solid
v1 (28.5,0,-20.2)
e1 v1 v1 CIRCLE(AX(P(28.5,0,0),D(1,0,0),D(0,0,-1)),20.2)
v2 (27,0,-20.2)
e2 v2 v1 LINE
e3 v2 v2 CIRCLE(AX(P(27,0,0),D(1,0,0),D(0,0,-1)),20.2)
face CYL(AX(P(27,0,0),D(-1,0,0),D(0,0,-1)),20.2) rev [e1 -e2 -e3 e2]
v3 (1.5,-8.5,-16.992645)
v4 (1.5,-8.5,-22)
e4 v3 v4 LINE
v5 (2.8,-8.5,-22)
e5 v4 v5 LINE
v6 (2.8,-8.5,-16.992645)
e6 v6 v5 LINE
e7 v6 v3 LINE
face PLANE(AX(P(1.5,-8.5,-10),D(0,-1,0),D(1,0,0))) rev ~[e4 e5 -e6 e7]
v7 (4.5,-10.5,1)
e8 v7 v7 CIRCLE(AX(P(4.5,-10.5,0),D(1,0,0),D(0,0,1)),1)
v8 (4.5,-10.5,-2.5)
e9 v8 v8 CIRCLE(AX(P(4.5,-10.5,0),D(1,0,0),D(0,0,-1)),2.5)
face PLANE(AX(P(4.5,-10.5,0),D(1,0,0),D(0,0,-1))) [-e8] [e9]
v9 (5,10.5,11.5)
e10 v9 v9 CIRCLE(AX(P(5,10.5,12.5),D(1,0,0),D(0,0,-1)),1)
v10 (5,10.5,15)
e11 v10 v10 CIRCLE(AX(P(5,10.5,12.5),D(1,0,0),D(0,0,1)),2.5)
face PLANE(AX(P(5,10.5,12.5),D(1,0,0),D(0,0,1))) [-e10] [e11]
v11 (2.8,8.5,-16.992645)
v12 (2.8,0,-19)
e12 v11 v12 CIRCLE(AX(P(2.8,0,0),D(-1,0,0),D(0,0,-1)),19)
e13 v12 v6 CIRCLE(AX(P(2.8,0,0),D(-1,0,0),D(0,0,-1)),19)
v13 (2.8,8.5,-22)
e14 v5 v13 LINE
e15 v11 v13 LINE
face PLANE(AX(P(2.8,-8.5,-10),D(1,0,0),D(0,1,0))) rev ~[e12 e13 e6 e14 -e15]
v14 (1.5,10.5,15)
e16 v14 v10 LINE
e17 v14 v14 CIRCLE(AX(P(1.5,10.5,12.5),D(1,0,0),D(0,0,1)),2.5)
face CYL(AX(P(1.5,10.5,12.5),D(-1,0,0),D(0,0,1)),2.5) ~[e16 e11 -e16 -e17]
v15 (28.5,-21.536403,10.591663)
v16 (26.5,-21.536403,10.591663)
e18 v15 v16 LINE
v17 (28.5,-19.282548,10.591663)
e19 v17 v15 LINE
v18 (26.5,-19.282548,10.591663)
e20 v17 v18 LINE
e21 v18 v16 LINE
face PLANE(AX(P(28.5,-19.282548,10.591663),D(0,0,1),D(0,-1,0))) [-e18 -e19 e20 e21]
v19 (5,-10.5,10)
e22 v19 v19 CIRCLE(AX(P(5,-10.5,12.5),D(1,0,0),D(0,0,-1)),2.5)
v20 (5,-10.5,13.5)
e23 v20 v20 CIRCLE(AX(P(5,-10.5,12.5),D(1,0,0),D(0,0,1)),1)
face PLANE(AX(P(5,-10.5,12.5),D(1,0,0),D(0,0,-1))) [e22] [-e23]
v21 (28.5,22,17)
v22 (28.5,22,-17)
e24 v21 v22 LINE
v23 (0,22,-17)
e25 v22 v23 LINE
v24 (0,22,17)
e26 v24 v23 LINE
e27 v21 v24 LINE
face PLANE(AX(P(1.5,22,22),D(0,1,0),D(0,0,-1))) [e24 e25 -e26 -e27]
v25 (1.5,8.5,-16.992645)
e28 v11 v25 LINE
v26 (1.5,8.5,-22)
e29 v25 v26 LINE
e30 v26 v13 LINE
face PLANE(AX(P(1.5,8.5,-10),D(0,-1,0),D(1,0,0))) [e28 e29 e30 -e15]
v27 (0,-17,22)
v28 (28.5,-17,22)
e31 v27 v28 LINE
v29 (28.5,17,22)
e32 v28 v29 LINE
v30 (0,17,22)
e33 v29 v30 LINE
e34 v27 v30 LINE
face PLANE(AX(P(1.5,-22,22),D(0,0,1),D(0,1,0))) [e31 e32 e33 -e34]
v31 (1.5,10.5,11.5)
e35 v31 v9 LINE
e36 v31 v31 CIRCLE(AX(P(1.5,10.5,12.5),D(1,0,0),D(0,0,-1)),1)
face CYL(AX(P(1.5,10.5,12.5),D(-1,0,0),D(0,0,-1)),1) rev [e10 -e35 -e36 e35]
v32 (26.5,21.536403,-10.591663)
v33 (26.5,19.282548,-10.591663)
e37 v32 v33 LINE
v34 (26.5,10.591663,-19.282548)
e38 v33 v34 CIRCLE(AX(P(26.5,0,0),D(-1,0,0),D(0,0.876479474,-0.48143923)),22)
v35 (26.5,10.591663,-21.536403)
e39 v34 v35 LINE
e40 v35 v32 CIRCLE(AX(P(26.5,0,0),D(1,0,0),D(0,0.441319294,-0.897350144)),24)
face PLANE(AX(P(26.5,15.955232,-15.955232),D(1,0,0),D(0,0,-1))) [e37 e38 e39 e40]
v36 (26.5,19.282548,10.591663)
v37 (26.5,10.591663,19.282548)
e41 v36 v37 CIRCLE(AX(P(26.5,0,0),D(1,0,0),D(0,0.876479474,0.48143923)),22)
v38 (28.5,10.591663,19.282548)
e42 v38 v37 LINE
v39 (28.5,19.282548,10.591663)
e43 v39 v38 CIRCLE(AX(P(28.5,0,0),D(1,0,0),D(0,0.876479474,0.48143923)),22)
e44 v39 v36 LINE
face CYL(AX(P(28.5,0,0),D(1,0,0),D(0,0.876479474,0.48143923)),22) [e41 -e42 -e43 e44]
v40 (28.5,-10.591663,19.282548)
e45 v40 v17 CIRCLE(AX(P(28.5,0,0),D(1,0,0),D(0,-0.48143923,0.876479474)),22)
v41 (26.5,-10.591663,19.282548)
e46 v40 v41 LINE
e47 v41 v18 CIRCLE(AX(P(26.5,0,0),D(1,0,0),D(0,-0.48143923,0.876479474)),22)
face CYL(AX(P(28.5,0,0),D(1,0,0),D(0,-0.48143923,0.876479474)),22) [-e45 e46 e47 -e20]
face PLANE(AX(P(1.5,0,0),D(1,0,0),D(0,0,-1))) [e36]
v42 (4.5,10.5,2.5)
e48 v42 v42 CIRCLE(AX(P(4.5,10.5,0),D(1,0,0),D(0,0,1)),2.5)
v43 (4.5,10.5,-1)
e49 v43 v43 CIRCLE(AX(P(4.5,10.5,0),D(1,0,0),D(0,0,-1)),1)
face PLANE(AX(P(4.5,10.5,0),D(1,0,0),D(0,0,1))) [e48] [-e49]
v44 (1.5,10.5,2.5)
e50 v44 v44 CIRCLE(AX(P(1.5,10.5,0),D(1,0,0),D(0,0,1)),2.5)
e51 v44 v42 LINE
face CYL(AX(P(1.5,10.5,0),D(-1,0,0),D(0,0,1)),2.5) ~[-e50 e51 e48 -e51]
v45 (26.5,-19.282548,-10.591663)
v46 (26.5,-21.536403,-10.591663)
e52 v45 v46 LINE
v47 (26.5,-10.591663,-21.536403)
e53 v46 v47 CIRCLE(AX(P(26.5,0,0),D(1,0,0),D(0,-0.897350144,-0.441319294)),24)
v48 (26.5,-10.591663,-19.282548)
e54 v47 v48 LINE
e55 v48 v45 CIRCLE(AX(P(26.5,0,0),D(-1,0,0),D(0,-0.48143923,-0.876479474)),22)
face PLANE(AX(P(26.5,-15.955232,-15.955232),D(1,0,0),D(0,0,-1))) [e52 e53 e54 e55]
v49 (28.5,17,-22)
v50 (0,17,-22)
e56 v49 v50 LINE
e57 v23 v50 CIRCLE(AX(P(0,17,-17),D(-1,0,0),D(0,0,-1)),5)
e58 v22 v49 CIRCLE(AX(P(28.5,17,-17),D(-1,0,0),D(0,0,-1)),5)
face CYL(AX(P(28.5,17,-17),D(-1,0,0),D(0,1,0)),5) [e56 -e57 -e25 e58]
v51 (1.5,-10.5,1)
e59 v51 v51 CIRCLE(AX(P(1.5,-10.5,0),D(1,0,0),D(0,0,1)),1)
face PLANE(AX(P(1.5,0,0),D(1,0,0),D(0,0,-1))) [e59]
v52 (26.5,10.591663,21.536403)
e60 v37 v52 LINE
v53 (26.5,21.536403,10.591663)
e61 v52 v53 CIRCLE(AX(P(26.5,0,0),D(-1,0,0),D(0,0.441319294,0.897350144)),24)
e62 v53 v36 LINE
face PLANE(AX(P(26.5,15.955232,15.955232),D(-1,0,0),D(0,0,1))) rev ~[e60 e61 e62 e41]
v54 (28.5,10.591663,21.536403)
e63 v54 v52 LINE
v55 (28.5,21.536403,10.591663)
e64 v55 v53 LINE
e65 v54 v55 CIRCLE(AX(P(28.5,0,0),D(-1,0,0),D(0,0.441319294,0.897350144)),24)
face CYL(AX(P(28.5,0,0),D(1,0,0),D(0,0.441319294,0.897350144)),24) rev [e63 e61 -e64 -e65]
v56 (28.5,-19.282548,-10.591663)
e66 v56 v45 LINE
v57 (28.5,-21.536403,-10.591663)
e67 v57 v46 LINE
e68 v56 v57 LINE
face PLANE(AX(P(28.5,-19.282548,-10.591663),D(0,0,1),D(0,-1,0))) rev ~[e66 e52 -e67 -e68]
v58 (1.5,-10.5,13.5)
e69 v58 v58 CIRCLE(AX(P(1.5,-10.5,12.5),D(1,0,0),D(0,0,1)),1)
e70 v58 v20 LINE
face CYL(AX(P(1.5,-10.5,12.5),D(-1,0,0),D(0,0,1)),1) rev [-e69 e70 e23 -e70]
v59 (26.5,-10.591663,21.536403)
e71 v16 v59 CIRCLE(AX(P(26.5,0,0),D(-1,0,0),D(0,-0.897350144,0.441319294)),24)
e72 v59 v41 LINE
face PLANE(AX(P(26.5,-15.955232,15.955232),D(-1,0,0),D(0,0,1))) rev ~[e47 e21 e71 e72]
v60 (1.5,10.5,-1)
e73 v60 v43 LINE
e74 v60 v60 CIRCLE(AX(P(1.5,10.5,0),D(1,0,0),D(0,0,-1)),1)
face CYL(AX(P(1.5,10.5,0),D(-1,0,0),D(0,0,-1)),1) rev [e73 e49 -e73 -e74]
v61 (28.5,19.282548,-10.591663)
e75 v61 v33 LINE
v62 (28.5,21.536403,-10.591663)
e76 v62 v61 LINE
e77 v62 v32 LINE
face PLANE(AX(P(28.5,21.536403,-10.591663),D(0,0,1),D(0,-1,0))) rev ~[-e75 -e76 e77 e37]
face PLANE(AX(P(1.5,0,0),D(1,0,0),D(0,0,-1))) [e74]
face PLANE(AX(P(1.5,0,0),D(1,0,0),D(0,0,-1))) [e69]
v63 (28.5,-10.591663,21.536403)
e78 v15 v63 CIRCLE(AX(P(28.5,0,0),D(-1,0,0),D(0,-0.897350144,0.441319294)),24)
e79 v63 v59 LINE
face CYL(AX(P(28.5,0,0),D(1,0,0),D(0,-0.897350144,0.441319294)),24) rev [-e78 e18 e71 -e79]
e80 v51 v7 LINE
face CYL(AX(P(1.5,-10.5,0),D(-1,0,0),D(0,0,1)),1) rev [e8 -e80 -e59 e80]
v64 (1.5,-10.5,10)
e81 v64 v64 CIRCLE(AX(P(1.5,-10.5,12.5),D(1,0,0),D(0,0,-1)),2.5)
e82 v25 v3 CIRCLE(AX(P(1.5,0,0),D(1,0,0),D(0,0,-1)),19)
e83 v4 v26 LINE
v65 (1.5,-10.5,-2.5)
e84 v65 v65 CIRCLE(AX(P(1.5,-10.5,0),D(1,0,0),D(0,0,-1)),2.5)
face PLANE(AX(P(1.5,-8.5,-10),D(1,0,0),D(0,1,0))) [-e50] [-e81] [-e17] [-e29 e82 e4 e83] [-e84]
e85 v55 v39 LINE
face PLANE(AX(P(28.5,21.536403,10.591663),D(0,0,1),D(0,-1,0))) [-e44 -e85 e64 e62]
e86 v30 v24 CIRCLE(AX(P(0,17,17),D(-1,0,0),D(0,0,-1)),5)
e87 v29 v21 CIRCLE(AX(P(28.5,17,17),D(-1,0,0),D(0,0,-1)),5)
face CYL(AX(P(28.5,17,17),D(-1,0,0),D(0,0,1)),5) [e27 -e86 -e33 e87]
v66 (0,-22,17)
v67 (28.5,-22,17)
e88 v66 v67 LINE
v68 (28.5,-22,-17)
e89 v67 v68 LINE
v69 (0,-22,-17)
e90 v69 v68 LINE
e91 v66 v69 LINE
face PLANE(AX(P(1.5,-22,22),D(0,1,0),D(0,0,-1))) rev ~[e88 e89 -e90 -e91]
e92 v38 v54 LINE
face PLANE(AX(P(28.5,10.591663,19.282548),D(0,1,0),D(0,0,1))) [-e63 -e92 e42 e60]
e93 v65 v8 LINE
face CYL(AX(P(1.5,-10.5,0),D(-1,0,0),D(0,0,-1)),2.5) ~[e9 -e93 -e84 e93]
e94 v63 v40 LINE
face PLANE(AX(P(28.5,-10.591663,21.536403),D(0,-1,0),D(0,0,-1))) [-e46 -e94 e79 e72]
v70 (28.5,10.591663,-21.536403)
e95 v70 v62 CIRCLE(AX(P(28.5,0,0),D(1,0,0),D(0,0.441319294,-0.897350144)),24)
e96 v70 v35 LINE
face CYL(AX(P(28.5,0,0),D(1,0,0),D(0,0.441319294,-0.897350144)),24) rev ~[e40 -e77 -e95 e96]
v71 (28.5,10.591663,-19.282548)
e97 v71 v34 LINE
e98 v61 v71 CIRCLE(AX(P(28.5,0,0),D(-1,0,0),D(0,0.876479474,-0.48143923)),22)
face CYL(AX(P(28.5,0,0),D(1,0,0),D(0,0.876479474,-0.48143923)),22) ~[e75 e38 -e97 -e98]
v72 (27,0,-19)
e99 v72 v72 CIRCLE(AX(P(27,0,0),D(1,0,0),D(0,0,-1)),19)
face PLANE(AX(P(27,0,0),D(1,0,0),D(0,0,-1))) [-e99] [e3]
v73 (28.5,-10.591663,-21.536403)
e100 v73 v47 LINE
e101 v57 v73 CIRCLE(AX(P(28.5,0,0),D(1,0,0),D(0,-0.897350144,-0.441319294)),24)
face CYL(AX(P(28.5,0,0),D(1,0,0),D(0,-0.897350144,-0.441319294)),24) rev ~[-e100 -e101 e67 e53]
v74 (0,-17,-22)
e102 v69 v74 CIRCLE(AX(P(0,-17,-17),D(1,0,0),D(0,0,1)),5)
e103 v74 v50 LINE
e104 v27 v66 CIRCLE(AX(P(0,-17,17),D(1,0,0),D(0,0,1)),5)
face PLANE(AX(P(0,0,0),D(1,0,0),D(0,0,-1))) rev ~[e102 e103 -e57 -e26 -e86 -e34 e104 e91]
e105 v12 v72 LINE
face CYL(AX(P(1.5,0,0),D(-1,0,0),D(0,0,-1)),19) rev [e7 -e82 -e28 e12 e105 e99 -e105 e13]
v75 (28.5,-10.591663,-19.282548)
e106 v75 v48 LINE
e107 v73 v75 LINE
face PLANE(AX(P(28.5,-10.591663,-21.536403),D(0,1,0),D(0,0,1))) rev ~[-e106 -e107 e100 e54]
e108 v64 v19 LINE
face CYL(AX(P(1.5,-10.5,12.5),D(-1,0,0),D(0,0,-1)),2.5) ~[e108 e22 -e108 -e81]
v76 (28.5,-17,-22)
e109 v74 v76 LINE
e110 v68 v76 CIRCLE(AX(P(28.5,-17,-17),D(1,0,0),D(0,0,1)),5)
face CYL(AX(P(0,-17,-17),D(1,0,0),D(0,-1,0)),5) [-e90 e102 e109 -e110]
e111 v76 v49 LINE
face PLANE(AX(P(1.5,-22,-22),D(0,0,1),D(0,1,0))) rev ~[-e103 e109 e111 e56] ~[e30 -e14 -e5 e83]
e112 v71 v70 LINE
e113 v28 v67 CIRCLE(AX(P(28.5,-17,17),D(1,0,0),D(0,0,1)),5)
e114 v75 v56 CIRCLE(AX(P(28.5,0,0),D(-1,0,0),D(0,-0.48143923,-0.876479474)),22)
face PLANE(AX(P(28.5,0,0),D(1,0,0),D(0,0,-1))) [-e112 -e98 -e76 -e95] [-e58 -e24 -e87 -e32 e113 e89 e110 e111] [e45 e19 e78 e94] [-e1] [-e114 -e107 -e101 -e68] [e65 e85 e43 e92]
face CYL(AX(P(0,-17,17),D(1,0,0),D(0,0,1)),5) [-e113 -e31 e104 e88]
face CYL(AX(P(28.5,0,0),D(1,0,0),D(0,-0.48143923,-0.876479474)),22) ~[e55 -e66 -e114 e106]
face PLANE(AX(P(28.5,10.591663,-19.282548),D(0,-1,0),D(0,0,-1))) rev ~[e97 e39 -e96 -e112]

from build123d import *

# Parameters (mm, degrees)
SKETCH_1_W          = 44
SKETCH_1_H          = 44
EXTRUDE_1_DEPTH     = 1.5
SKETCH_2_R          = 2.5
SKETCH_2_R_2        = 1
EXTRUDE_2_DEPTH     = 3
SKETCH_3_R          = 2.5
SKETCH_3_R_2        = 1
EXTRUDE_3_DEPTH     = 3.5
SKETCH_4_W          = 44
SKETCH_4_H          = 44
SKETCH_4_R          = 19
EXTRUDE_4_DEPTH     = 27
CUT_EXTRUDE_START   = -1.5
SKETCH_5_R          = 20.2
SKETCH_5_R_2        = 19
CUT_EXTRUDE_1_DEPTH = 1.5
FILLET_2_R          = 5
CUT_EXTRUDE_START_2 = -10
SKETCH_10_W         = 1.3
SKETCH_10_H         = 17
CUT_EXTRUDE_5_DEPTH = 33.1930089
CUT_EXTRUDE_7_DEPTH = 2


with BuildPart() as part:
    # 草图1 → 凸台-拉伸1 (new body)
    with BuildSketch(Plane(origin=(0, 0, 0), x_dir=(0, 0, -1), z_dir=(1, 0, 0))):
        Rectangle(SKETCH_1_W, SKETCH_1_H)
    extrude(amount=EXTRUDE_1_DEPTH)

    # 草图2 → 凸台-拉伸2 (add)
    # profile 1 of 2: a face of its own
    with BuildSketch(Plane(origin=(1.5, 0, 0), x_dir=(0, 0, -1), z_dir=(1, 0, 0))):
        with Locations((0, -10.5)):
            Circle(SKETCH_2_R)
        with Locations((0, -10.5)):
            Circle(SKETCH_2_R_2, mode=Mode.SUBTRACT)
    # profile 2 of 2: a face of its own
    with BuildSketch(Plane(origin=(1.5, 0, 0), x_dir=(0, 0, -1), z_dir=(1, 0, 0))):
        with Locations((0, 10.5)):
            Circle(SKETCH_2_R)
        with Locations((0, 10.5)):
            Circle(SKETCH_2_R_2, mode=Mode.SUBTRACT)
    extrude(amount=EXTRUDE_2_DEPTH)

    # 草图3 → 凸台-拉伸3 (add)
    # profile 1 of 2: a face of its own
    with BuildSketch(Plane(origin=(1.5, 0, 0), x_dir=(0, 0, -1), z_dir=(1, 0, 0))):
        with Locations((-12.5, -10.5)):
            Circle(SKETCH_3_R)
        with Locations((-12.5, -10.5)):
            Circle(SKETCH_3_R_2, mode=Mode.SUBTRACT)
    # profile 2 of 2: a face of its own
    with BuildSketch(Plane(origin=(1.5, 0, 0), x_dir=(0, 0, -1), z_dir=(1, 0, 0))):
        with Locations((-12.5, 10.5)):
            Circle(SKETCH_3_R)
        with Locations((-12.5, 10.5)):
            Circle(SKETCH_3_R_2, mode=Mode.SUBTRACT)
    extrude(amount=EXTRUDE_3_DEPTH)

    # 草图4 → 凸台-拉伸4 (add)
    with BuildSketch(Plane(origin=(1.5, 0, 0), x_dir=(0, 0, -1), z_dir=(1, 0, 0))):
        Rectangle(SKETCH_4_W, SKETCH_4_H)
        Circle(SKETCH_4_R, mode=Mode.SUBTRACT)
    extrude(amount=EXTRUDE_4_DEPTH)

    # 草图5 → 切除-拉伸1 (cut)
    with BuildSketch(Plane(origin=(28.5, 0, 0), x_dir=(0, 0, -1), z_dir=(1, 0, 0)).offset(CUT_EXTRUDE_START)):
        Circle(SKETCH_5_R)
        Circle(SKETCH_5_R_2, mode=Mode.SUBTRACT)
    extrude(amount=CUT_EXTRUDE_1_DEPTH, mode=Mode.SUBTRACT)

    # 圆角2
    fillet_2_edges = [part.edges().sort_by_distance(p)[0] for p in [
        (14.25, -22, 22),
        (14.25, -22, -22),
        (14.25, 22, -22),
        (14.25, 22, 22),
    ]]
    fillet(fillet_2_edges, radius=FILLET_2_R)

    # 草图10 → 切除-拉伸5 (cut, through all)
    with BuildSketch(Plane.XY.offset(CUT_EXTRUDE_START_2)):
        with Locations((2.15, 0)):
            Rectangle(SKETCH_10_W, SKETCH_10_H)
    extrude(amount=-CUT_EXTRUDE_5_DEPTH, mode=Mode.SUBTRACT)

    # 草图13 → 切除-拉伸7 (cut)
    with BuildSketch(Plane(origin=(28.5, 0, 0), x_dir=(0, 0, -1), z_dir=(1, 0, 0))):
        with BuildLine():
            Line((-10.591663047, 21.536403458), (-10.591663047, 19.282548429))
            ThreePointArc((-10.591663047, 19.282548429), (-15.556349186, 15.556349186), (-19.282548429, 10.591663047))
            Line((-19.282548429, 10.591663047), (-21.536403458, 10.591663047))
            ThreePointArc((-21.536403458, 10.591663047), (-16.970562748, 16.970562748), (-10.591663047, 21.536403458))
        make_face()
        with BuildLine():
            Line((10.591663047, 21.536403458), (10.591663047, 19.282548429))
            ThreePointArc((10.591663047, 19.282548429), (15.556349186, 15.556349186), (19.282548429, 10.591663047))
            Line((19.282548429, 10.591663047), (21.536403458, 10.591663047))
            ThreePointArc((21.536403458, 10.591663047), (16.970562748, 16.970562748), (10.591663047, 21.536403458))
        make_face()
        with BuildLine():
            Line((-21.536403458, -10.591663047), (-19.282548429, -10.591663047))
            ThreePointArc((-19.282548429, -10.591663047), (-15.556349186, -15.556349186), (-10.591663047, -19.282548429))
            Line((-10.591663047, -19.282548429), (-10.591663047, -21.536403458))
            ThreePointArc((-10.591663047, -21.536403458), (-16.970562748, -16.970562748), (-21.536403458, -10.591663047))
        make_face()
        with BuildLine():
            Line((21.536403458, -10.591663047), (19.282548429, -10.591663047))
            ThreePointArc((19.282548429, -10.591663047), (15.556349186, -15.556349186), (10.591663047, -19.282548429))
            Line((10.591663047, -19.282548429), (10.591663047, -21.536403458))
            ThreePointArc((10.591663047, -21.536403458), (16.970562748, -16.970562748), (21.536403458, -10.591663047))
        make_face()
    extrude(amount=-CUT_EXTRUDE_7_DEPTH, mode=Mode.SUBTRACT)


solid = part.part
